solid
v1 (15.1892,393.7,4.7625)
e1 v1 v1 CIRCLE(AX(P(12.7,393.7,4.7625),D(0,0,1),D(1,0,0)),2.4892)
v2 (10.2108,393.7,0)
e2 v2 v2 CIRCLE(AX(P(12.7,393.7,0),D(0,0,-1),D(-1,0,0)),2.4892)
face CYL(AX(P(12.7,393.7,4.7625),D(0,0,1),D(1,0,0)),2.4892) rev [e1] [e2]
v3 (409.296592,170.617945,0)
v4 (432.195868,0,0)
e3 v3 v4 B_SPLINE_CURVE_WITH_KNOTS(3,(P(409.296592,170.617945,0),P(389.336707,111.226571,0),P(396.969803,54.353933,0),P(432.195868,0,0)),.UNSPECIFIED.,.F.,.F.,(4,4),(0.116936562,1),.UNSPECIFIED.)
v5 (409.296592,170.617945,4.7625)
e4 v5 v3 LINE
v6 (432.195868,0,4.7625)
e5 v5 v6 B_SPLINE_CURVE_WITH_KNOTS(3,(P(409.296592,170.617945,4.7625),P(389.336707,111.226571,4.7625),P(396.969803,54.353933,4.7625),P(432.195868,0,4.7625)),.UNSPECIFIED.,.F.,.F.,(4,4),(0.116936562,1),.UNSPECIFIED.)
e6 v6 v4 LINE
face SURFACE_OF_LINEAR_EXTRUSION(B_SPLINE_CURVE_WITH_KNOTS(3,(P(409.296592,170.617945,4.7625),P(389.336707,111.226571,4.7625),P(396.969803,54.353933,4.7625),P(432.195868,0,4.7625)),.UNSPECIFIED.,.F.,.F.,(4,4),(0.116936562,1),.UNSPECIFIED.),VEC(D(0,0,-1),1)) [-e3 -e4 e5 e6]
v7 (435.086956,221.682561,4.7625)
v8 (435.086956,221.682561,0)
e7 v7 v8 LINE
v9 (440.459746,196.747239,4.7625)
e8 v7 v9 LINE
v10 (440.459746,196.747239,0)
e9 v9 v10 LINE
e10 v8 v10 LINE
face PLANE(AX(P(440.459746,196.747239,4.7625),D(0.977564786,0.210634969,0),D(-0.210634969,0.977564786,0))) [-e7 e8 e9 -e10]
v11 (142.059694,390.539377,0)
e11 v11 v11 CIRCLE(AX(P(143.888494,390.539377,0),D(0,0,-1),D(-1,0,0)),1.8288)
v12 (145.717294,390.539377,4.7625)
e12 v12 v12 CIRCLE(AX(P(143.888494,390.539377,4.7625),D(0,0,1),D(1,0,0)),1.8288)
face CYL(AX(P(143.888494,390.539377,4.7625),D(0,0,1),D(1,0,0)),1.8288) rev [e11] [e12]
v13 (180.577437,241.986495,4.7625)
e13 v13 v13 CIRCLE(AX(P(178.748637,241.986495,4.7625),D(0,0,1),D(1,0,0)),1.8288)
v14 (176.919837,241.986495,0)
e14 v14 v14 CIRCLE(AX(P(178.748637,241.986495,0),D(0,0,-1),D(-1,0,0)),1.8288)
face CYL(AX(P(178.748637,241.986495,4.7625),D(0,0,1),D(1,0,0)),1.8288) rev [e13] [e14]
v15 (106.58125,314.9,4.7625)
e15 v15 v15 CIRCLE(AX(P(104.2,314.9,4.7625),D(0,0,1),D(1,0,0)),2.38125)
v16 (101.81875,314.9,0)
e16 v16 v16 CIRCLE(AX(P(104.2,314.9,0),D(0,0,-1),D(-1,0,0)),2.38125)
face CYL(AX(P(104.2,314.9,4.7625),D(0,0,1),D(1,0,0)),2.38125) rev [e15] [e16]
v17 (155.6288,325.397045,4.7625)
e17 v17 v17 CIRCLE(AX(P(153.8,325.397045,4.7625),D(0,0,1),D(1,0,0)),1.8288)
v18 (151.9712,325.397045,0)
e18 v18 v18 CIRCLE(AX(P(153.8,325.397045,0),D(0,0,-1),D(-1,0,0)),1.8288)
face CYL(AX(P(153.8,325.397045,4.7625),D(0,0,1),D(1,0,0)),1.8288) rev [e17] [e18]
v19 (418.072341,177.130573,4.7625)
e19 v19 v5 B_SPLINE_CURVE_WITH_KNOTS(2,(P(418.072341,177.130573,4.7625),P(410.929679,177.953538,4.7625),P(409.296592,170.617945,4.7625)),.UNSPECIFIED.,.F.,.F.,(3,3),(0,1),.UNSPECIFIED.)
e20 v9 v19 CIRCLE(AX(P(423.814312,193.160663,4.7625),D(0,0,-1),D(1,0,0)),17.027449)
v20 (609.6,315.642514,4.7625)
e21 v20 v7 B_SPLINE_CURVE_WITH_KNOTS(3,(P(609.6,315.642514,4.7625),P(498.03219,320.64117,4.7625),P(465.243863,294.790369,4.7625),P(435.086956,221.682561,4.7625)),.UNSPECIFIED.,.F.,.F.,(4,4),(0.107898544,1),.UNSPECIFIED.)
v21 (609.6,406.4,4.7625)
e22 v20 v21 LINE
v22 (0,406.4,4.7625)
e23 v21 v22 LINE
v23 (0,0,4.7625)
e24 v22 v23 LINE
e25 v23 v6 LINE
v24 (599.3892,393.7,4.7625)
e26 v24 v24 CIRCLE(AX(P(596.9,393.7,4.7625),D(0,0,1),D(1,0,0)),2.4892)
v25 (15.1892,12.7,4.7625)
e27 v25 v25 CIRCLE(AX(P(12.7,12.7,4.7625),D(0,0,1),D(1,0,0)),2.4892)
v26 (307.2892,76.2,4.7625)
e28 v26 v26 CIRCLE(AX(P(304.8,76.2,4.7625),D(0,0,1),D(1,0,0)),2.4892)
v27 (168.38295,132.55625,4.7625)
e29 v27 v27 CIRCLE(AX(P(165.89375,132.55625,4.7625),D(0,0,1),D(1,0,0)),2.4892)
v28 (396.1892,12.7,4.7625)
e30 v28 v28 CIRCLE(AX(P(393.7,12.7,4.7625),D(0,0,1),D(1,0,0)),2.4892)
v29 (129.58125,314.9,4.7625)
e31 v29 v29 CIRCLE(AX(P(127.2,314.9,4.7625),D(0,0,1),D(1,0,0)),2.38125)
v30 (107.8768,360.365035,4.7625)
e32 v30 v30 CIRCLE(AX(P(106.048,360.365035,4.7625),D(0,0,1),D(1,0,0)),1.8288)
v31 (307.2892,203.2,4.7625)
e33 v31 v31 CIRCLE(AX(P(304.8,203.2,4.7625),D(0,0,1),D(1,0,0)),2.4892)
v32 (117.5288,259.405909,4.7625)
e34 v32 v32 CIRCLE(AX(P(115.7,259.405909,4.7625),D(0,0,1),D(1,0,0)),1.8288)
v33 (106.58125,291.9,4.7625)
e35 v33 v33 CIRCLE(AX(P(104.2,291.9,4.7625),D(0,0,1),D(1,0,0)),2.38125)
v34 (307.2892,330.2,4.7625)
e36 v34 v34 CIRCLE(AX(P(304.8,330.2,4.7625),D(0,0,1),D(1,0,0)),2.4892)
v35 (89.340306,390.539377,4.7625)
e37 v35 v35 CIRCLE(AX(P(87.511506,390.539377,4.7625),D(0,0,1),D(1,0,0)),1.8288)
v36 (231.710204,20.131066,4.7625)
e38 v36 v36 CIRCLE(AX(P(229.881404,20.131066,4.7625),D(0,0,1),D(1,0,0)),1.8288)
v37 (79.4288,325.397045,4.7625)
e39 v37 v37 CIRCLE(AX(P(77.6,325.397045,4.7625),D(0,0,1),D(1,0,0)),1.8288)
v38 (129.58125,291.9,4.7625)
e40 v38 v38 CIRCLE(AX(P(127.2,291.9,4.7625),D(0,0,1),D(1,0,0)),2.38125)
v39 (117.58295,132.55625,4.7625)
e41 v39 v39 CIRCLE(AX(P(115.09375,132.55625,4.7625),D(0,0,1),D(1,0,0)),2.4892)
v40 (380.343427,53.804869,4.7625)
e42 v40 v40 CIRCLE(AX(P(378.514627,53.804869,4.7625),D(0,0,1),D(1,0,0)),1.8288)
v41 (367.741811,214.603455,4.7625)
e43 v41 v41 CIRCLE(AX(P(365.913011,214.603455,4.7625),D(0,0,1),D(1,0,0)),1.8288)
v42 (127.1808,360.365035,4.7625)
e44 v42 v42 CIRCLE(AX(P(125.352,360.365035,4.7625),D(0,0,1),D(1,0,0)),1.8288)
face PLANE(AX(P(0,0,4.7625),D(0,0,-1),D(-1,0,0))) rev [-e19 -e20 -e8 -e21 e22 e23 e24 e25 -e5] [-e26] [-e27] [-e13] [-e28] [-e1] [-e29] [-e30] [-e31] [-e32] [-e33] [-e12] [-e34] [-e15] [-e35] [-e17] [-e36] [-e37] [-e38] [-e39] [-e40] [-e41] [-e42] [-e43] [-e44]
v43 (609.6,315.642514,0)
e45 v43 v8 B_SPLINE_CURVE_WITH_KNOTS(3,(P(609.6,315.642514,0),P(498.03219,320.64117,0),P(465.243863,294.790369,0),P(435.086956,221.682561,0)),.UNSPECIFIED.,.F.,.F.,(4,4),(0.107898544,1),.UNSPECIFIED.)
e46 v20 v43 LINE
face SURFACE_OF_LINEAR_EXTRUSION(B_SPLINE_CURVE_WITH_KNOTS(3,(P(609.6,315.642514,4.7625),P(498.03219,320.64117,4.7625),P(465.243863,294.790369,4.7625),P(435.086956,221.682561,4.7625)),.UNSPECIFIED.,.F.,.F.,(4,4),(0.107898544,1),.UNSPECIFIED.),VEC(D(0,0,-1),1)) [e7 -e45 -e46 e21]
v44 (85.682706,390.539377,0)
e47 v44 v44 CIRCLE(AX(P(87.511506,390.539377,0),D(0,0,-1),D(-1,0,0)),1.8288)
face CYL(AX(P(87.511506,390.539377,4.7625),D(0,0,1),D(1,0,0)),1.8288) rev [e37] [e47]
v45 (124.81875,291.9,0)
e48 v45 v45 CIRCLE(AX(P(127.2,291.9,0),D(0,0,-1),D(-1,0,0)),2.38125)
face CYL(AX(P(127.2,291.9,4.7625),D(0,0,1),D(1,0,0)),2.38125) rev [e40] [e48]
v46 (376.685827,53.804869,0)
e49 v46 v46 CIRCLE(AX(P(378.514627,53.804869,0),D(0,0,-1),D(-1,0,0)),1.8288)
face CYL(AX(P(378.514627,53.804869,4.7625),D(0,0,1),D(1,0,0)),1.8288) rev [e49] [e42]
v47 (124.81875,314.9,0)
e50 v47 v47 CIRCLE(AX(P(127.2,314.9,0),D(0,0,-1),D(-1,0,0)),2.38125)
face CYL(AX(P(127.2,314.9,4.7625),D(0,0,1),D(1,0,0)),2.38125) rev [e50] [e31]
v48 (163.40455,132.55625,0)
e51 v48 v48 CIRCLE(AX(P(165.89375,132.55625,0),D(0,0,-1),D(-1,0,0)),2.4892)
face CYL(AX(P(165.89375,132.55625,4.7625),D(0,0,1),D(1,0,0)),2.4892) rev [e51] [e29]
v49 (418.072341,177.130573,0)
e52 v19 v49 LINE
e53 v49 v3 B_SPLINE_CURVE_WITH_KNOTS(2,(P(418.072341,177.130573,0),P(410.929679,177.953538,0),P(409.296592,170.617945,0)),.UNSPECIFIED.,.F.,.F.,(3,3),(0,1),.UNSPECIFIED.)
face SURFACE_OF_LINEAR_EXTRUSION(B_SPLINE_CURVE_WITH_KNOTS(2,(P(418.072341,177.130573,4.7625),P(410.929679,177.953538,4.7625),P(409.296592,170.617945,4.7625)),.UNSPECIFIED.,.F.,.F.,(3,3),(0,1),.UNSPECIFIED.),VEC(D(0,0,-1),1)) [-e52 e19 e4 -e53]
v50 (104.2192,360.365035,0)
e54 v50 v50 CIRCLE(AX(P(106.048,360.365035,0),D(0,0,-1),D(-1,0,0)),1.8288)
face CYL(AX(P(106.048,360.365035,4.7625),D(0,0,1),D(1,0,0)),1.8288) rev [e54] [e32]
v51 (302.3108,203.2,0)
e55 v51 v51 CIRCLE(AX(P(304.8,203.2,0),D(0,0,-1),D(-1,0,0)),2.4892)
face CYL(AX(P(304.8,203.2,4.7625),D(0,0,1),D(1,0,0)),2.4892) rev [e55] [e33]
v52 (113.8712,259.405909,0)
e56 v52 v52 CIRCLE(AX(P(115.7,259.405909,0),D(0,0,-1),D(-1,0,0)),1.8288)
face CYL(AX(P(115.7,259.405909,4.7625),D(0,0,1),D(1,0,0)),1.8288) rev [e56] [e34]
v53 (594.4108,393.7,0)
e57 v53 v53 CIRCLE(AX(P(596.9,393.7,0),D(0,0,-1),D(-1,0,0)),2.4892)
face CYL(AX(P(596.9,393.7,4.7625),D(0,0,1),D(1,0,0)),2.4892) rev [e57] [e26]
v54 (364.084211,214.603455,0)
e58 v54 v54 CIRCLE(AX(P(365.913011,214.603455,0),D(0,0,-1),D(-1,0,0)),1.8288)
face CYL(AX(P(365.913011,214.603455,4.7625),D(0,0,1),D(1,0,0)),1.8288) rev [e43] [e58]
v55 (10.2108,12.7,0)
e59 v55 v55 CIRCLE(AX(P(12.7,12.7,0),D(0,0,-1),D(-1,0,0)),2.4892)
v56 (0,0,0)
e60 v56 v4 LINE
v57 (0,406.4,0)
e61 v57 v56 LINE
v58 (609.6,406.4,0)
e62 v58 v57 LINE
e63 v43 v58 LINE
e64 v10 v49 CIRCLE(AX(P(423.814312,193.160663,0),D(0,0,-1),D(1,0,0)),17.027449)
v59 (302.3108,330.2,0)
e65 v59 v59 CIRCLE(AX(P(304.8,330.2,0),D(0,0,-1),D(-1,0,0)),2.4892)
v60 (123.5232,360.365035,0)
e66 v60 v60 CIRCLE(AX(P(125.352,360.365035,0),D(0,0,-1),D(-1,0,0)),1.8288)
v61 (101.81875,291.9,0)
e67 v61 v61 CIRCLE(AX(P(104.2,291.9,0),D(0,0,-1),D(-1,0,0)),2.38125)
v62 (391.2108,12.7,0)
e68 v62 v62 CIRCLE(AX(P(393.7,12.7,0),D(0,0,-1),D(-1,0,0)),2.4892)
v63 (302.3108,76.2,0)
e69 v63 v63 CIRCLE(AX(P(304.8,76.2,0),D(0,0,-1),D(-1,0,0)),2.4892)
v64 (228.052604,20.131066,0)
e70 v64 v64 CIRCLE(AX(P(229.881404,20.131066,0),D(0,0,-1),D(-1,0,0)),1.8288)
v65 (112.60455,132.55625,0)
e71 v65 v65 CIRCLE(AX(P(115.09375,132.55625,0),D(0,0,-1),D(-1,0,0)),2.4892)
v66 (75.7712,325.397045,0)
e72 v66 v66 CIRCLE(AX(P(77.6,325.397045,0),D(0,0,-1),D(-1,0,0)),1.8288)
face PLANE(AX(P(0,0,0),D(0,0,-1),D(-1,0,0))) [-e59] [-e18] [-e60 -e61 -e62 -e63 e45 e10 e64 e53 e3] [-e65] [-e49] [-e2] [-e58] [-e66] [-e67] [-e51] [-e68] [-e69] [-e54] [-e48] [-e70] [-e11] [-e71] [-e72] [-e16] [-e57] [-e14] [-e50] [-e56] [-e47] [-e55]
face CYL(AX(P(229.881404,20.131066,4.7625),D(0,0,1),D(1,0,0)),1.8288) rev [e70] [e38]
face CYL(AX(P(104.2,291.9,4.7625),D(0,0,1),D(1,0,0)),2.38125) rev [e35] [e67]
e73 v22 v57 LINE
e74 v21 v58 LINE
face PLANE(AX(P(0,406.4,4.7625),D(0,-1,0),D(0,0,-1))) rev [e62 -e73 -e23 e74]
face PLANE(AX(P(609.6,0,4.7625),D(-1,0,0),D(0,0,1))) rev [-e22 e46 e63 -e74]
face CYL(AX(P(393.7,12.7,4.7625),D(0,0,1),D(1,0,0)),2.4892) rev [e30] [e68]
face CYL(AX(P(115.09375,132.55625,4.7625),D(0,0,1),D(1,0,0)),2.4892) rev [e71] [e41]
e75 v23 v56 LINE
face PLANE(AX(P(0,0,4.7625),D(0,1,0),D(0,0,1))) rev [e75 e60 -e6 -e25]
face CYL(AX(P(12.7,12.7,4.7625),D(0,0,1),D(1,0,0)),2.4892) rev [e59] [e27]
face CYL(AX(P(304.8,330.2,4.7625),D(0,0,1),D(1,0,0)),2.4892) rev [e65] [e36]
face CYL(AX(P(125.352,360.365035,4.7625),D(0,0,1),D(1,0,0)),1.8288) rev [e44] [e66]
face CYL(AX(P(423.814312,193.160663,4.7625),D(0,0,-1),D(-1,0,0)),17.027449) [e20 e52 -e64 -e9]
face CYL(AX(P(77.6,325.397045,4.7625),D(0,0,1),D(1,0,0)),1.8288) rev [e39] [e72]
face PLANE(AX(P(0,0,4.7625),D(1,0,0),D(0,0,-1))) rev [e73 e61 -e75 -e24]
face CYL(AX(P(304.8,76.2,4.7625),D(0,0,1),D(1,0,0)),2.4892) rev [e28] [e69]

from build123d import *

# Parameters (mm, degrees)
SKETCH1_W                          = 609.6
SKETCH1_H                          = 406.4
BOSS_EXTRUDE1_DEPTH                = 4.7625
F_10_CLEARANCE_HOLE1_D             = 4.9784
F_10_CLEARANCE_HOLE1_DEPTH         = 10.16
F_10_CLEARANCE_HOLE1_TIP           = 1.495662253
F_6_CLEARANCE_HOLE1_D              = 3.6576
F_6_CLEARANCE_HOLE1_DEPTH          = 10.16
F_6_CLEARANCE_HOLE1_TIP            = 1.0988539
F_10_CLEARANCE_HOLE2_D             = 4.9784
F_10_CLEARANCE_HOLE2_DEPTH         = 10.16
F_10_CLEARANCE_HOLE2_TIP           = 1.495662253
CUT_EXTRUDE6_DEPTH                 = 5.7625
F_3_16_0_1875_DIAMETER_HOLE1_D     = 4.7625
F_3_16_0_1875_DIAMETER_HOLE1_DEPTH = 10.16
F_3_16_0_1875_DIAMETER_HOLE1_TIP   = 1.430799349


with BuildPart() as part:
    # Sketch1 → Boss-Extrude1 (new body)
    with BuildSketch(Plane.XY):
        with Locations((304.8, 203.2)):
            Rectangle(SKETCH1_W, SKETCH1_H)
    extrude(amount=BOSS_EXTRUDE1_DEPTH)

    # #10 Clearance Hole1
    with Locations(Plane.XY.offset(4.7625)):
        with Locations((393.7, 12.7), (304.8, 203.2), (596.9, 393.7), (12.7, 12.7), (12.7, 393.7), (596.9, 12.7), (304.8, 330.2), (304.8, 76.2)):
            Hole(F_10_CLEARANCE_HOLE1_D / 2, depth=F_10_CLEARANCE_HOLE1_DEPTH)
            with Locations((0, 0, -(F_10_CLEARANCE_HOLE1_DEPTH + F_10_CLEARANCE_HOLE1_TIP / 2))):  # 118° drill point
                Cone(0, F_10_CLEARANCE_HOLE1_D / 2, F_10_CLEARANCE_HOLE1_TIP, mode=Mode.SUBTRACT)

    # #6 Clearance Hole1
    with Locations(Plane.XY.offset(4.7625)):
        with Locations((153.8, 325.397045256), (115.7, 259.405909488), (77.6, 325.397045256), (178.748637136, 241.986495315), (365.913011093, 214.603454564), (378.514626904, 53.804869065), (229.881403774, 20.131066458), (87.511505802, 390.539377284), (106.048, 360.365035489), (125.352, 360.365035489), (143.888494198, 390.539377284)):
            Hole(F_6_CLEARANCE_HOLE1_D / 2, depth=F_6_CLEARANCE_HOLE1_DEPTH)
            with Locations((0, 0, -(F_6_CLEARANCE_HOLE1_DEPTH + F_6_CLEARANCE_HOLE1_TIP / 2))):  # 118° drill point
                Cone(0, F_6_CLEARANCE_HOLE1_D / 2, F_6_CLEARANCE_HOLE1_TIP, mode=Mode.SUBTRACT)

    # #10 Clearance Hole2
    with Locations(Plane.XY.offset(4.7625)):
        with Locations((165.89375, 132.55625), (115.09375, 132.55625)):
            Hole(F_10_CLEARANCE_HOLE2_D / 2, depth=F_10_CLEARANCE_HOLE2_DEPTH)
            with Locations((0, 0, -(F_10_CLEARANCE_HOLE2_DEPTH + F_10_CLEARANCE_HOLE2_TIP / 2))):  # 118° drill point
                Cone(0, F_10_CLEARANCE_HOLE2_D / 2, F_10_CLEARANCE_HOLE2_TIP, mode=Mode.SUBTRACT)

    # Sketch14 → Cut-Extrude6 (cut, through all)
    with BuildSketch(Plane.XY):
        with BuildLine():
            Line((609.6, 315.642514433), (609.6, 0))
            Line((609.6, 0), (432.195867807, 0))
            add(Edge.make_bspline(
                [(409.29659152, 170.617944662), (389.336707443, 111.226571114), (396.96980279, 54.353932563), (432.195867807, 0)],
                knots=[0.116936562, 0.116936562, 0.116936562, 0.116936562, 1, 1, 1, 1], degree=3))
            add(Edge.make_bspline(
                [(418.07234083, 177.13057308), (410.929678592, 177.953538089), (409.29659152, 170.617944662)],
                knots=[0, 0, 0, 1, 1, 1], degree=2))
            ThreePointArc((418.07234083, 177.13057308), (435.035932656, 180.354053738), (440.45974614, 196.747238983))
            Line((440.45974614, 196.747238983), (435.086955617, 221.682561203))
            add(Edge.make_bspline(
                [(435.086955617, 221.682561203), (465.243862883, 294.790369183), (498.032190497, 320.641169761), (609.6, 315.642514433)],
                knots=[0.107898544, 0.107898544, 0.107898544, 0.107898544, 1, 1, 1, 1], degree=3))
        make_face()
    extrude(amount=CUT_EXTRUDE6_DEPTH, mode=Mode.SUBTRACT)

    # 3/16 (0.1875) Diameter Hole1
    with Locations(Plane.XY.offset(4.7625)):
        with Locations((127.2, 314.9), (127.2, 291.9), (104.2, 291.9), (104.2, 314.9)):
            Hole(F_3_16_0_1875_DIAMETER_HOLE1_D / 2, depth=F_3_16_0_1875_DIAMETER_HOLE1_DEPTH)
            with Locations((0, 0, -(F_3_16_0_1875_DIAMETER_HOLE1_DEPTH + F_3_16_0_1875_DIAMETER_HOLE1_TIP / 2))):  # 118° drill point
                Cone(0, F_3_16_0_1875_DIAMETER_HOLE1_D / 2, F_3_16_0_1875_DIAMETER_HOLE1_TIP, mode=Mode.SUBTRACT)


solid = part.part
